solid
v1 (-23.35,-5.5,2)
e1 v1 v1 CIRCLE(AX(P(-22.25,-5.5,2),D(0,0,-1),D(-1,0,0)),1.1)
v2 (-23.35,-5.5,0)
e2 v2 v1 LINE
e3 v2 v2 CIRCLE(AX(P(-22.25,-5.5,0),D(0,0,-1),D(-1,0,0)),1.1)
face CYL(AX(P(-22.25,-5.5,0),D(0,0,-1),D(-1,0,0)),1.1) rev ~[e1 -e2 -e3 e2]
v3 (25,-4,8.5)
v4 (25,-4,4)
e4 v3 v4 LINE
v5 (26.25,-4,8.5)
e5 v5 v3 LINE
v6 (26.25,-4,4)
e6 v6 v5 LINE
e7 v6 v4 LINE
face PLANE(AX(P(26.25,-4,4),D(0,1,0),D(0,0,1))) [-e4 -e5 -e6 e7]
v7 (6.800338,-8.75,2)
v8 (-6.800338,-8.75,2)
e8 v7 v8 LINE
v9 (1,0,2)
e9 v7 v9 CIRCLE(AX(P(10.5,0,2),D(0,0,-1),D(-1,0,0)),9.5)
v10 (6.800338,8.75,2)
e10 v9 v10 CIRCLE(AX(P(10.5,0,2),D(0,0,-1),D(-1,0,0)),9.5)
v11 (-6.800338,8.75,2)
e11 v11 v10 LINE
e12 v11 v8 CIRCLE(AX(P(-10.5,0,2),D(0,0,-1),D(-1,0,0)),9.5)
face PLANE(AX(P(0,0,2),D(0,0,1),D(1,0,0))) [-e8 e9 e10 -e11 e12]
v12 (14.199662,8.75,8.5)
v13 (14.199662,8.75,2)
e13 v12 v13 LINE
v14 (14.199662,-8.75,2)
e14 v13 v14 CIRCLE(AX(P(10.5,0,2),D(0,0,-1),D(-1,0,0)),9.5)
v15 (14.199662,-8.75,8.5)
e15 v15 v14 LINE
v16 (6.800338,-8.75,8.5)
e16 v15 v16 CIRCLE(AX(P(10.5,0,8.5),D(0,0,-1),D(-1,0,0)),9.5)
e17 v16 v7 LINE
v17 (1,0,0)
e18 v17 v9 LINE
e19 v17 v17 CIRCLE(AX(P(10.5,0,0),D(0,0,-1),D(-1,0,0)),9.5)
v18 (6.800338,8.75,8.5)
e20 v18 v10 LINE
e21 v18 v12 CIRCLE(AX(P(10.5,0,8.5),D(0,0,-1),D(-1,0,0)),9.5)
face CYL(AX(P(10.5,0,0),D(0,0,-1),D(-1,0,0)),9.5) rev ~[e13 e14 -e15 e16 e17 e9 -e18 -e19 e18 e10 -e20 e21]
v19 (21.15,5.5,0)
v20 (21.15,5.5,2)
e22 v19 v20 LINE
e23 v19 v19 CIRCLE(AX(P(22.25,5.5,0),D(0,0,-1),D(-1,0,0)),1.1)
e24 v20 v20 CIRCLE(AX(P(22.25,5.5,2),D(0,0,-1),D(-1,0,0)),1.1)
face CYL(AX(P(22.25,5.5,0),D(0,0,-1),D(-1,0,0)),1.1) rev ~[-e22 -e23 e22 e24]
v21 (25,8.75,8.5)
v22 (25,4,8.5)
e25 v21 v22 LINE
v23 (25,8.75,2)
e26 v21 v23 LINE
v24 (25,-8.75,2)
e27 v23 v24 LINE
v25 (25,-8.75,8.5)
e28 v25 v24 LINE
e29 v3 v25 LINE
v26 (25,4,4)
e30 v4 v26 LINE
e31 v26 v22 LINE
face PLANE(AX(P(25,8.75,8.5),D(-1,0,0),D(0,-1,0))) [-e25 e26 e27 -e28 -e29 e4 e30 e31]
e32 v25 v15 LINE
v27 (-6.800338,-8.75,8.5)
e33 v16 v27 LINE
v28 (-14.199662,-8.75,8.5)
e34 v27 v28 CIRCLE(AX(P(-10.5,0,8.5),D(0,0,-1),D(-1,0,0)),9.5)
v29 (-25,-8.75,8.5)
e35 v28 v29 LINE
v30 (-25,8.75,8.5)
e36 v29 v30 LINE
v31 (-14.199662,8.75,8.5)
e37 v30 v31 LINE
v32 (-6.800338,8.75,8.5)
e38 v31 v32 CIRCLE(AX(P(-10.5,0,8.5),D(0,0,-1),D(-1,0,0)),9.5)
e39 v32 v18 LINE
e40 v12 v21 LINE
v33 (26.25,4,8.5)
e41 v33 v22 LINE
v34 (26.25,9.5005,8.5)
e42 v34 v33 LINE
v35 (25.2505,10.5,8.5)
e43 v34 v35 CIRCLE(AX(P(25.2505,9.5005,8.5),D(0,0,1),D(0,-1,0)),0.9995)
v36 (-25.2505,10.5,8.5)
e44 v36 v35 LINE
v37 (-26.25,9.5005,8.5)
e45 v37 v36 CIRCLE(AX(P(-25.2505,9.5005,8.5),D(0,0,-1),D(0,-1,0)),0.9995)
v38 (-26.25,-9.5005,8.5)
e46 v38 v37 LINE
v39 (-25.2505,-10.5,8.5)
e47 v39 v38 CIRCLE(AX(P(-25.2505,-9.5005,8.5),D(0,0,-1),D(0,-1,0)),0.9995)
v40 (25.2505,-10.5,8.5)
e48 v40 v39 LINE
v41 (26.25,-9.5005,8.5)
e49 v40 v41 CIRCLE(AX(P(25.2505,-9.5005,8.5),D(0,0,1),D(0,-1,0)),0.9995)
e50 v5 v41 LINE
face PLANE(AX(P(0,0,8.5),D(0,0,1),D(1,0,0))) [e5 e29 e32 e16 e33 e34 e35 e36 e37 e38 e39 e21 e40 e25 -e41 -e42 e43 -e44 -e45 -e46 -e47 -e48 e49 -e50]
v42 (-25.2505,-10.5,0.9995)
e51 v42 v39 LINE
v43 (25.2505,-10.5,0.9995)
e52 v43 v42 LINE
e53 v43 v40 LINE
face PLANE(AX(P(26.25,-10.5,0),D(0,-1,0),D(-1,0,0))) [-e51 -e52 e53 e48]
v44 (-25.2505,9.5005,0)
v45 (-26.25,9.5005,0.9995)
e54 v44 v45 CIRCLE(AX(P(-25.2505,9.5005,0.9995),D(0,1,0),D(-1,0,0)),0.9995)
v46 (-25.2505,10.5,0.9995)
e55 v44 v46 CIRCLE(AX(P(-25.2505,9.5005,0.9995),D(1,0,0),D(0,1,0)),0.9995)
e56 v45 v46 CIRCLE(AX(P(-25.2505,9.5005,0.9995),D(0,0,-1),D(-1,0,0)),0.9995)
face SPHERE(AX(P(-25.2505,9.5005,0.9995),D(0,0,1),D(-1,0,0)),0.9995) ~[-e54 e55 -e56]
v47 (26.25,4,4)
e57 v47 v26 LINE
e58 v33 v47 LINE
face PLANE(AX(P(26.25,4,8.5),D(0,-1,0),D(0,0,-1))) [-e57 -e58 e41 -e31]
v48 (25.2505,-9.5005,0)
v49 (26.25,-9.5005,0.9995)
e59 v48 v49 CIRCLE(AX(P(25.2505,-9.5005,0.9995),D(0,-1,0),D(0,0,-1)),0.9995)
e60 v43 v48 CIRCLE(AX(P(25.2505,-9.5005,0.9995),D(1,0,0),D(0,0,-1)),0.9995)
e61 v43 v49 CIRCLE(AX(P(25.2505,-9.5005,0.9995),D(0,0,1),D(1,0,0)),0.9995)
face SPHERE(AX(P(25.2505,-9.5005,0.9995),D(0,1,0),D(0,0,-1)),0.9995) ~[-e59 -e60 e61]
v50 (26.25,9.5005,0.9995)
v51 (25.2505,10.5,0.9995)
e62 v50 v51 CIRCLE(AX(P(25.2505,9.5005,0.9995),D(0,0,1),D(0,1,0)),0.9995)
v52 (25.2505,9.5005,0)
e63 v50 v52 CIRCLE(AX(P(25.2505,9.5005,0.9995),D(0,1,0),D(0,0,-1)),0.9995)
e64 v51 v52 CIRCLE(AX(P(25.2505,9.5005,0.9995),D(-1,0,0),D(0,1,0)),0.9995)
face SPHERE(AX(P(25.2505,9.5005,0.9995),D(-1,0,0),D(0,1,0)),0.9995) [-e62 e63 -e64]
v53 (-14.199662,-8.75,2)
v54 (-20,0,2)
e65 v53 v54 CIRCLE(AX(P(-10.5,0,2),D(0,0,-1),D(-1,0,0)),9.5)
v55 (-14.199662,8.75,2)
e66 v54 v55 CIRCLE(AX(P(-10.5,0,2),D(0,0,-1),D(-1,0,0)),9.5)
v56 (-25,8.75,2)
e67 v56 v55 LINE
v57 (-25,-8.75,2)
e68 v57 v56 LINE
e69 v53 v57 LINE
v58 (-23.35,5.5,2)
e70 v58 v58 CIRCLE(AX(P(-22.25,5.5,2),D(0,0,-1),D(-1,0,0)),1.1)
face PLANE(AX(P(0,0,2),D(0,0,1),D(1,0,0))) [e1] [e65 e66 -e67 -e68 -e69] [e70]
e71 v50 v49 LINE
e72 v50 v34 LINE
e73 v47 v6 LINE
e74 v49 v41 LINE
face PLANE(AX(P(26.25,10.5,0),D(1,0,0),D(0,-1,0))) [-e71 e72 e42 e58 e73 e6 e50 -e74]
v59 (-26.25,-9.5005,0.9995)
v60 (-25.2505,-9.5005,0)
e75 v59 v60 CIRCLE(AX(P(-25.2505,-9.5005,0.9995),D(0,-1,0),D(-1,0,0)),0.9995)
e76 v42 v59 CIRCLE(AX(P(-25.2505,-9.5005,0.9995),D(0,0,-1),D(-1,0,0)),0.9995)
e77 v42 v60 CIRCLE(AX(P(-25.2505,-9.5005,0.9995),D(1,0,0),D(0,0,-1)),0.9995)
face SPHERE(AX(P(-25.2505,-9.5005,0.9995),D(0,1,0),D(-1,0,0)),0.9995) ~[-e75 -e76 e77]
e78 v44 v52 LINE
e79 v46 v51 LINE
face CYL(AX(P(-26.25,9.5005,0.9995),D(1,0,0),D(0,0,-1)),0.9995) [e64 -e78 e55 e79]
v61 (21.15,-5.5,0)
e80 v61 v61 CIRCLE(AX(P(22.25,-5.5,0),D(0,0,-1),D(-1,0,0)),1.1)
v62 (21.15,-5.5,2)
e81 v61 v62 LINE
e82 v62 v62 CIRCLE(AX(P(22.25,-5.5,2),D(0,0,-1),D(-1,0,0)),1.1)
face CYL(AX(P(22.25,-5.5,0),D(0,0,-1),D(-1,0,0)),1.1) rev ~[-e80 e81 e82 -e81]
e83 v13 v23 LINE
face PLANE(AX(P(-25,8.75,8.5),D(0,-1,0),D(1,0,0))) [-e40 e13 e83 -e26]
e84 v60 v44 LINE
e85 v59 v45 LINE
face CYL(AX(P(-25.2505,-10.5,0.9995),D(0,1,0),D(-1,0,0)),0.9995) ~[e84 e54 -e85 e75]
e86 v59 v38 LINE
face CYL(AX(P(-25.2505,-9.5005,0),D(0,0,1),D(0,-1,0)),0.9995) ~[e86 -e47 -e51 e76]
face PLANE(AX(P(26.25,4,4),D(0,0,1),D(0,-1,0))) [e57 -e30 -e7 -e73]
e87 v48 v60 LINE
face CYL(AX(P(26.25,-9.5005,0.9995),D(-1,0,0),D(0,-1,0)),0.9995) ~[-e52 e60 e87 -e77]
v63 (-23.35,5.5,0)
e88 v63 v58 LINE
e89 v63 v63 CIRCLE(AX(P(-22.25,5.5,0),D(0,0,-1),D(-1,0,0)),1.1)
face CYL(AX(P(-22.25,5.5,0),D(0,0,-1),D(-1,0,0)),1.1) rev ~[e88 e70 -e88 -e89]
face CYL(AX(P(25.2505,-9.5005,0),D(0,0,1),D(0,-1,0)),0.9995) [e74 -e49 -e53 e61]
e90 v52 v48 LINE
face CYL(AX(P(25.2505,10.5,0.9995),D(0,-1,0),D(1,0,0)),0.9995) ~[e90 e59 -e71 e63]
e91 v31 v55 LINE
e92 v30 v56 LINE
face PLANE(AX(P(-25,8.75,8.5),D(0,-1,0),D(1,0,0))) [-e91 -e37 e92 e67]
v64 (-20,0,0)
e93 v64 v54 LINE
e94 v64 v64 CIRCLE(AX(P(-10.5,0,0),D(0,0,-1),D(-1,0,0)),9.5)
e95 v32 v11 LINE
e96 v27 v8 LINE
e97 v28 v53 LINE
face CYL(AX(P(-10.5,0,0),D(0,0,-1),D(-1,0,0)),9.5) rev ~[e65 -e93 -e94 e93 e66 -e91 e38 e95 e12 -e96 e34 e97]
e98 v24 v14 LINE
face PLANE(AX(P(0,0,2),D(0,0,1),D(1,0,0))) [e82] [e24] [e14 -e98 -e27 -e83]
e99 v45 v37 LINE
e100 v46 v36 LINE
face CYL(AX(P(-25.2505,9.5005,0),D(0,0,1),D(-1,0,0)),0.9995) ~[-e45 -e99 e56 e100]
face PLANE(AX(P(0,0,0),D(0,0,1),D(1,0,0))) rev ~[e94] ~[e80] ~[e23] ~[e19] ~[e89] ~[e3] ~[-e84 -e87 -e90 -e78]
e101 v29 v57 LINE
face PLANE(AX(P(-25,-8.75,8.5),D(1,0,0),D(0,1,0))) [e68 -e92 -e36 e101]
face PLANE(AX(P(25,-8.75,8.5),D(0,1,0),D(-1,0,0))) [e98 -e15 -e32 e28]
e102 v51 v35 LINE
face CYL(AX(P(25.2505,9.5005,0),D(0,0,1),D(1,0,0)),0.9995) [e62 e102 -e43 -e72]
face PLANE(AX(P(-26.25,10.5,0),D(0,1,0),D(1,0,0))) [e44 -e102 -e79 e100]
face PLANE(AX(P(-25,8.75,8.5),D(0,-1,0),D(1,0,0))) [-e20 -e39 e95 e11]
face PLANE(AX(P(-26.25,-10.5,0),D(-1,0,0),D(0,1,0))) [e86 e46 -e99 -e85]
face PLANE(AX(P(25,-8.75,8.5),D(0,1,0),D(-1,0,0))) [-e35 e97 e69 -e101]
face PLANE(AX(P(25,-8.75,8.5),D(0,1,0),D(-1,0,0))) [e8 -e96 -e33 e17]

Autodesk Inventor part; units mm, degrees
ref_plane "YZ Plane" through (0, 0, 0) normal (1, 0, 0) x (0, 1, 0)
ref_plane "XZ Plane" through (0, 0, 0) normal (0, 1, 0) x (-1, 0, 0)
ref_plane "XY Plane" through (0, 0, 0) normal (0, 0, 1) x (1, 0, 0)
sketch "スケッチ1" plane through (0, 0, 0) normal (0, 0, 1) x (1, 0, 0)
  line L0 (26.25, -10.5) -> (-26.25, -10.5)
  line L1 (-26.25, -10.5) -> (-26.25, 10.5)
  line L2 (-26.25, 10.5) -> (26.25, 10.5)
  line L3 (26.25, 10.5) -> (26.25, -10.5)
  line L4 (26.25, -10.5) -> (-26.25, 10.5) construction
  line L5 (-26.25, -10.5) -> (26.25, 10.5) construction
  point P0 (0, 0)
  dimension "d0" = 52.5
  dimension "d2" = 21
extrude "押し出し1" add sketch "スケッチ1" along normal blind 8.5
sketch "スケッチ19" plane through (0, 0, 0) normal (0, 0, -1) x (-1, 0, 0)
  circle A0 centre (-22.25, 5.5) radius 1.1
  circle A1 centre (22.25, 5.5) radius 1.1
  circle A2 centre (22.25, -5.5) radius 1.1
  circle A3 centre (-22.25, -5.5) radius 1.1
  point P0 (0, 0)
  dimension "d140" = 2.2
  dimension "d141" = 2.2
  dimension "d142" = 2.2
  dimension "d143" = 2.2
  dimension "d144" = 44.5
  dimension "d145" = 22.25
  dimension "d146" = 11
  dimension "d147" = 5.5
  dimension "d148" = 44.5
  dimension "d149" = 11
extrude "押し出し15" cut sketch "スケッチ19" against normal through all
sketch "スケッチ20" plane through (0, 0, 8.5) normal (0, 0, 1) x (1, 0, 0)
  line L0 (25, -8.75) -> (-25, -8.75)
  line L1 (-25, -8.75) -> (-25, 8.75)
  line L2 (-25, 8.75) -> (25, 8.75)
  line L3 (25, 8.75) -> (25, -8.75)
  point P0 (0, 0)
  dimension "d152" = 50
  dimension "d153" = 25
  dimension "d154" = 17.5
  dimension "d155" = 8.75
extrude "押し出し16" cut sketch "スケッチ20" against normal blind 6.5
sketch "スケッチ21" plane through (26.25, -10.5, 0) normal (1, 0, 0) x (0, 0, -1)
  line L0 (-8.5, 0) -> (-8.5, 21) projected
  line L1 (-8.5, 14.5) -> (-4, 14.5)
  line L2 (-4, 14.5) -> (-4, 6.5)
  line L3 (-4, 6.5) -> (-8.5, 6.5)
  line L4 (-8.5, 6.5) -> (-8.5, 14.5)
  line L5 (0, 21) -> (-8.5, 21) projected
  line L6 (0, 0) -> (-8.5, 0) projected
  line L7 (0, 21) -> (0, 0) projected
  point P0 (0, 10.5)
  dimension "d160" = 4
  dimension "d163" = 6.5
  dimension "d164" = 6.5
extrude "押し出し17" cut sketch "スケッチ21" against normal blind 7 contours L0 L1 L2 L3
sketch "スケッチ22" plane through (0, 0, 0) normal (0, 0, -1) x (-1, 0, 0)
  circle A0 centre (10.5, 0) radius 9.5
  circle A1 centre (-10.5, 0) radius 9.5
  point P0 (0, 0)
  dimension "d165" = 19
  dimension "d166" = 19
  dimension "d167" = 10.5
  dimension "d168" = 10.5
extrude "押し出し18" cut sketch "スケッチ22" against normal through all
fillet "フィレット3" radius 1 8 edges at (-26.25, 10.5, 4.25) (-26.25, 0, 0) (-26.25, -10.5, 4.25) (0, 10.5, 0) (26.25, 10.5, 4.25) (26.25, 0, 0) (0, -10.5, 0) (26.25, -10.5, 4.25)
properties part number "New_Accelite_Controller_Cover_copy" material "ABS プラスチック"
